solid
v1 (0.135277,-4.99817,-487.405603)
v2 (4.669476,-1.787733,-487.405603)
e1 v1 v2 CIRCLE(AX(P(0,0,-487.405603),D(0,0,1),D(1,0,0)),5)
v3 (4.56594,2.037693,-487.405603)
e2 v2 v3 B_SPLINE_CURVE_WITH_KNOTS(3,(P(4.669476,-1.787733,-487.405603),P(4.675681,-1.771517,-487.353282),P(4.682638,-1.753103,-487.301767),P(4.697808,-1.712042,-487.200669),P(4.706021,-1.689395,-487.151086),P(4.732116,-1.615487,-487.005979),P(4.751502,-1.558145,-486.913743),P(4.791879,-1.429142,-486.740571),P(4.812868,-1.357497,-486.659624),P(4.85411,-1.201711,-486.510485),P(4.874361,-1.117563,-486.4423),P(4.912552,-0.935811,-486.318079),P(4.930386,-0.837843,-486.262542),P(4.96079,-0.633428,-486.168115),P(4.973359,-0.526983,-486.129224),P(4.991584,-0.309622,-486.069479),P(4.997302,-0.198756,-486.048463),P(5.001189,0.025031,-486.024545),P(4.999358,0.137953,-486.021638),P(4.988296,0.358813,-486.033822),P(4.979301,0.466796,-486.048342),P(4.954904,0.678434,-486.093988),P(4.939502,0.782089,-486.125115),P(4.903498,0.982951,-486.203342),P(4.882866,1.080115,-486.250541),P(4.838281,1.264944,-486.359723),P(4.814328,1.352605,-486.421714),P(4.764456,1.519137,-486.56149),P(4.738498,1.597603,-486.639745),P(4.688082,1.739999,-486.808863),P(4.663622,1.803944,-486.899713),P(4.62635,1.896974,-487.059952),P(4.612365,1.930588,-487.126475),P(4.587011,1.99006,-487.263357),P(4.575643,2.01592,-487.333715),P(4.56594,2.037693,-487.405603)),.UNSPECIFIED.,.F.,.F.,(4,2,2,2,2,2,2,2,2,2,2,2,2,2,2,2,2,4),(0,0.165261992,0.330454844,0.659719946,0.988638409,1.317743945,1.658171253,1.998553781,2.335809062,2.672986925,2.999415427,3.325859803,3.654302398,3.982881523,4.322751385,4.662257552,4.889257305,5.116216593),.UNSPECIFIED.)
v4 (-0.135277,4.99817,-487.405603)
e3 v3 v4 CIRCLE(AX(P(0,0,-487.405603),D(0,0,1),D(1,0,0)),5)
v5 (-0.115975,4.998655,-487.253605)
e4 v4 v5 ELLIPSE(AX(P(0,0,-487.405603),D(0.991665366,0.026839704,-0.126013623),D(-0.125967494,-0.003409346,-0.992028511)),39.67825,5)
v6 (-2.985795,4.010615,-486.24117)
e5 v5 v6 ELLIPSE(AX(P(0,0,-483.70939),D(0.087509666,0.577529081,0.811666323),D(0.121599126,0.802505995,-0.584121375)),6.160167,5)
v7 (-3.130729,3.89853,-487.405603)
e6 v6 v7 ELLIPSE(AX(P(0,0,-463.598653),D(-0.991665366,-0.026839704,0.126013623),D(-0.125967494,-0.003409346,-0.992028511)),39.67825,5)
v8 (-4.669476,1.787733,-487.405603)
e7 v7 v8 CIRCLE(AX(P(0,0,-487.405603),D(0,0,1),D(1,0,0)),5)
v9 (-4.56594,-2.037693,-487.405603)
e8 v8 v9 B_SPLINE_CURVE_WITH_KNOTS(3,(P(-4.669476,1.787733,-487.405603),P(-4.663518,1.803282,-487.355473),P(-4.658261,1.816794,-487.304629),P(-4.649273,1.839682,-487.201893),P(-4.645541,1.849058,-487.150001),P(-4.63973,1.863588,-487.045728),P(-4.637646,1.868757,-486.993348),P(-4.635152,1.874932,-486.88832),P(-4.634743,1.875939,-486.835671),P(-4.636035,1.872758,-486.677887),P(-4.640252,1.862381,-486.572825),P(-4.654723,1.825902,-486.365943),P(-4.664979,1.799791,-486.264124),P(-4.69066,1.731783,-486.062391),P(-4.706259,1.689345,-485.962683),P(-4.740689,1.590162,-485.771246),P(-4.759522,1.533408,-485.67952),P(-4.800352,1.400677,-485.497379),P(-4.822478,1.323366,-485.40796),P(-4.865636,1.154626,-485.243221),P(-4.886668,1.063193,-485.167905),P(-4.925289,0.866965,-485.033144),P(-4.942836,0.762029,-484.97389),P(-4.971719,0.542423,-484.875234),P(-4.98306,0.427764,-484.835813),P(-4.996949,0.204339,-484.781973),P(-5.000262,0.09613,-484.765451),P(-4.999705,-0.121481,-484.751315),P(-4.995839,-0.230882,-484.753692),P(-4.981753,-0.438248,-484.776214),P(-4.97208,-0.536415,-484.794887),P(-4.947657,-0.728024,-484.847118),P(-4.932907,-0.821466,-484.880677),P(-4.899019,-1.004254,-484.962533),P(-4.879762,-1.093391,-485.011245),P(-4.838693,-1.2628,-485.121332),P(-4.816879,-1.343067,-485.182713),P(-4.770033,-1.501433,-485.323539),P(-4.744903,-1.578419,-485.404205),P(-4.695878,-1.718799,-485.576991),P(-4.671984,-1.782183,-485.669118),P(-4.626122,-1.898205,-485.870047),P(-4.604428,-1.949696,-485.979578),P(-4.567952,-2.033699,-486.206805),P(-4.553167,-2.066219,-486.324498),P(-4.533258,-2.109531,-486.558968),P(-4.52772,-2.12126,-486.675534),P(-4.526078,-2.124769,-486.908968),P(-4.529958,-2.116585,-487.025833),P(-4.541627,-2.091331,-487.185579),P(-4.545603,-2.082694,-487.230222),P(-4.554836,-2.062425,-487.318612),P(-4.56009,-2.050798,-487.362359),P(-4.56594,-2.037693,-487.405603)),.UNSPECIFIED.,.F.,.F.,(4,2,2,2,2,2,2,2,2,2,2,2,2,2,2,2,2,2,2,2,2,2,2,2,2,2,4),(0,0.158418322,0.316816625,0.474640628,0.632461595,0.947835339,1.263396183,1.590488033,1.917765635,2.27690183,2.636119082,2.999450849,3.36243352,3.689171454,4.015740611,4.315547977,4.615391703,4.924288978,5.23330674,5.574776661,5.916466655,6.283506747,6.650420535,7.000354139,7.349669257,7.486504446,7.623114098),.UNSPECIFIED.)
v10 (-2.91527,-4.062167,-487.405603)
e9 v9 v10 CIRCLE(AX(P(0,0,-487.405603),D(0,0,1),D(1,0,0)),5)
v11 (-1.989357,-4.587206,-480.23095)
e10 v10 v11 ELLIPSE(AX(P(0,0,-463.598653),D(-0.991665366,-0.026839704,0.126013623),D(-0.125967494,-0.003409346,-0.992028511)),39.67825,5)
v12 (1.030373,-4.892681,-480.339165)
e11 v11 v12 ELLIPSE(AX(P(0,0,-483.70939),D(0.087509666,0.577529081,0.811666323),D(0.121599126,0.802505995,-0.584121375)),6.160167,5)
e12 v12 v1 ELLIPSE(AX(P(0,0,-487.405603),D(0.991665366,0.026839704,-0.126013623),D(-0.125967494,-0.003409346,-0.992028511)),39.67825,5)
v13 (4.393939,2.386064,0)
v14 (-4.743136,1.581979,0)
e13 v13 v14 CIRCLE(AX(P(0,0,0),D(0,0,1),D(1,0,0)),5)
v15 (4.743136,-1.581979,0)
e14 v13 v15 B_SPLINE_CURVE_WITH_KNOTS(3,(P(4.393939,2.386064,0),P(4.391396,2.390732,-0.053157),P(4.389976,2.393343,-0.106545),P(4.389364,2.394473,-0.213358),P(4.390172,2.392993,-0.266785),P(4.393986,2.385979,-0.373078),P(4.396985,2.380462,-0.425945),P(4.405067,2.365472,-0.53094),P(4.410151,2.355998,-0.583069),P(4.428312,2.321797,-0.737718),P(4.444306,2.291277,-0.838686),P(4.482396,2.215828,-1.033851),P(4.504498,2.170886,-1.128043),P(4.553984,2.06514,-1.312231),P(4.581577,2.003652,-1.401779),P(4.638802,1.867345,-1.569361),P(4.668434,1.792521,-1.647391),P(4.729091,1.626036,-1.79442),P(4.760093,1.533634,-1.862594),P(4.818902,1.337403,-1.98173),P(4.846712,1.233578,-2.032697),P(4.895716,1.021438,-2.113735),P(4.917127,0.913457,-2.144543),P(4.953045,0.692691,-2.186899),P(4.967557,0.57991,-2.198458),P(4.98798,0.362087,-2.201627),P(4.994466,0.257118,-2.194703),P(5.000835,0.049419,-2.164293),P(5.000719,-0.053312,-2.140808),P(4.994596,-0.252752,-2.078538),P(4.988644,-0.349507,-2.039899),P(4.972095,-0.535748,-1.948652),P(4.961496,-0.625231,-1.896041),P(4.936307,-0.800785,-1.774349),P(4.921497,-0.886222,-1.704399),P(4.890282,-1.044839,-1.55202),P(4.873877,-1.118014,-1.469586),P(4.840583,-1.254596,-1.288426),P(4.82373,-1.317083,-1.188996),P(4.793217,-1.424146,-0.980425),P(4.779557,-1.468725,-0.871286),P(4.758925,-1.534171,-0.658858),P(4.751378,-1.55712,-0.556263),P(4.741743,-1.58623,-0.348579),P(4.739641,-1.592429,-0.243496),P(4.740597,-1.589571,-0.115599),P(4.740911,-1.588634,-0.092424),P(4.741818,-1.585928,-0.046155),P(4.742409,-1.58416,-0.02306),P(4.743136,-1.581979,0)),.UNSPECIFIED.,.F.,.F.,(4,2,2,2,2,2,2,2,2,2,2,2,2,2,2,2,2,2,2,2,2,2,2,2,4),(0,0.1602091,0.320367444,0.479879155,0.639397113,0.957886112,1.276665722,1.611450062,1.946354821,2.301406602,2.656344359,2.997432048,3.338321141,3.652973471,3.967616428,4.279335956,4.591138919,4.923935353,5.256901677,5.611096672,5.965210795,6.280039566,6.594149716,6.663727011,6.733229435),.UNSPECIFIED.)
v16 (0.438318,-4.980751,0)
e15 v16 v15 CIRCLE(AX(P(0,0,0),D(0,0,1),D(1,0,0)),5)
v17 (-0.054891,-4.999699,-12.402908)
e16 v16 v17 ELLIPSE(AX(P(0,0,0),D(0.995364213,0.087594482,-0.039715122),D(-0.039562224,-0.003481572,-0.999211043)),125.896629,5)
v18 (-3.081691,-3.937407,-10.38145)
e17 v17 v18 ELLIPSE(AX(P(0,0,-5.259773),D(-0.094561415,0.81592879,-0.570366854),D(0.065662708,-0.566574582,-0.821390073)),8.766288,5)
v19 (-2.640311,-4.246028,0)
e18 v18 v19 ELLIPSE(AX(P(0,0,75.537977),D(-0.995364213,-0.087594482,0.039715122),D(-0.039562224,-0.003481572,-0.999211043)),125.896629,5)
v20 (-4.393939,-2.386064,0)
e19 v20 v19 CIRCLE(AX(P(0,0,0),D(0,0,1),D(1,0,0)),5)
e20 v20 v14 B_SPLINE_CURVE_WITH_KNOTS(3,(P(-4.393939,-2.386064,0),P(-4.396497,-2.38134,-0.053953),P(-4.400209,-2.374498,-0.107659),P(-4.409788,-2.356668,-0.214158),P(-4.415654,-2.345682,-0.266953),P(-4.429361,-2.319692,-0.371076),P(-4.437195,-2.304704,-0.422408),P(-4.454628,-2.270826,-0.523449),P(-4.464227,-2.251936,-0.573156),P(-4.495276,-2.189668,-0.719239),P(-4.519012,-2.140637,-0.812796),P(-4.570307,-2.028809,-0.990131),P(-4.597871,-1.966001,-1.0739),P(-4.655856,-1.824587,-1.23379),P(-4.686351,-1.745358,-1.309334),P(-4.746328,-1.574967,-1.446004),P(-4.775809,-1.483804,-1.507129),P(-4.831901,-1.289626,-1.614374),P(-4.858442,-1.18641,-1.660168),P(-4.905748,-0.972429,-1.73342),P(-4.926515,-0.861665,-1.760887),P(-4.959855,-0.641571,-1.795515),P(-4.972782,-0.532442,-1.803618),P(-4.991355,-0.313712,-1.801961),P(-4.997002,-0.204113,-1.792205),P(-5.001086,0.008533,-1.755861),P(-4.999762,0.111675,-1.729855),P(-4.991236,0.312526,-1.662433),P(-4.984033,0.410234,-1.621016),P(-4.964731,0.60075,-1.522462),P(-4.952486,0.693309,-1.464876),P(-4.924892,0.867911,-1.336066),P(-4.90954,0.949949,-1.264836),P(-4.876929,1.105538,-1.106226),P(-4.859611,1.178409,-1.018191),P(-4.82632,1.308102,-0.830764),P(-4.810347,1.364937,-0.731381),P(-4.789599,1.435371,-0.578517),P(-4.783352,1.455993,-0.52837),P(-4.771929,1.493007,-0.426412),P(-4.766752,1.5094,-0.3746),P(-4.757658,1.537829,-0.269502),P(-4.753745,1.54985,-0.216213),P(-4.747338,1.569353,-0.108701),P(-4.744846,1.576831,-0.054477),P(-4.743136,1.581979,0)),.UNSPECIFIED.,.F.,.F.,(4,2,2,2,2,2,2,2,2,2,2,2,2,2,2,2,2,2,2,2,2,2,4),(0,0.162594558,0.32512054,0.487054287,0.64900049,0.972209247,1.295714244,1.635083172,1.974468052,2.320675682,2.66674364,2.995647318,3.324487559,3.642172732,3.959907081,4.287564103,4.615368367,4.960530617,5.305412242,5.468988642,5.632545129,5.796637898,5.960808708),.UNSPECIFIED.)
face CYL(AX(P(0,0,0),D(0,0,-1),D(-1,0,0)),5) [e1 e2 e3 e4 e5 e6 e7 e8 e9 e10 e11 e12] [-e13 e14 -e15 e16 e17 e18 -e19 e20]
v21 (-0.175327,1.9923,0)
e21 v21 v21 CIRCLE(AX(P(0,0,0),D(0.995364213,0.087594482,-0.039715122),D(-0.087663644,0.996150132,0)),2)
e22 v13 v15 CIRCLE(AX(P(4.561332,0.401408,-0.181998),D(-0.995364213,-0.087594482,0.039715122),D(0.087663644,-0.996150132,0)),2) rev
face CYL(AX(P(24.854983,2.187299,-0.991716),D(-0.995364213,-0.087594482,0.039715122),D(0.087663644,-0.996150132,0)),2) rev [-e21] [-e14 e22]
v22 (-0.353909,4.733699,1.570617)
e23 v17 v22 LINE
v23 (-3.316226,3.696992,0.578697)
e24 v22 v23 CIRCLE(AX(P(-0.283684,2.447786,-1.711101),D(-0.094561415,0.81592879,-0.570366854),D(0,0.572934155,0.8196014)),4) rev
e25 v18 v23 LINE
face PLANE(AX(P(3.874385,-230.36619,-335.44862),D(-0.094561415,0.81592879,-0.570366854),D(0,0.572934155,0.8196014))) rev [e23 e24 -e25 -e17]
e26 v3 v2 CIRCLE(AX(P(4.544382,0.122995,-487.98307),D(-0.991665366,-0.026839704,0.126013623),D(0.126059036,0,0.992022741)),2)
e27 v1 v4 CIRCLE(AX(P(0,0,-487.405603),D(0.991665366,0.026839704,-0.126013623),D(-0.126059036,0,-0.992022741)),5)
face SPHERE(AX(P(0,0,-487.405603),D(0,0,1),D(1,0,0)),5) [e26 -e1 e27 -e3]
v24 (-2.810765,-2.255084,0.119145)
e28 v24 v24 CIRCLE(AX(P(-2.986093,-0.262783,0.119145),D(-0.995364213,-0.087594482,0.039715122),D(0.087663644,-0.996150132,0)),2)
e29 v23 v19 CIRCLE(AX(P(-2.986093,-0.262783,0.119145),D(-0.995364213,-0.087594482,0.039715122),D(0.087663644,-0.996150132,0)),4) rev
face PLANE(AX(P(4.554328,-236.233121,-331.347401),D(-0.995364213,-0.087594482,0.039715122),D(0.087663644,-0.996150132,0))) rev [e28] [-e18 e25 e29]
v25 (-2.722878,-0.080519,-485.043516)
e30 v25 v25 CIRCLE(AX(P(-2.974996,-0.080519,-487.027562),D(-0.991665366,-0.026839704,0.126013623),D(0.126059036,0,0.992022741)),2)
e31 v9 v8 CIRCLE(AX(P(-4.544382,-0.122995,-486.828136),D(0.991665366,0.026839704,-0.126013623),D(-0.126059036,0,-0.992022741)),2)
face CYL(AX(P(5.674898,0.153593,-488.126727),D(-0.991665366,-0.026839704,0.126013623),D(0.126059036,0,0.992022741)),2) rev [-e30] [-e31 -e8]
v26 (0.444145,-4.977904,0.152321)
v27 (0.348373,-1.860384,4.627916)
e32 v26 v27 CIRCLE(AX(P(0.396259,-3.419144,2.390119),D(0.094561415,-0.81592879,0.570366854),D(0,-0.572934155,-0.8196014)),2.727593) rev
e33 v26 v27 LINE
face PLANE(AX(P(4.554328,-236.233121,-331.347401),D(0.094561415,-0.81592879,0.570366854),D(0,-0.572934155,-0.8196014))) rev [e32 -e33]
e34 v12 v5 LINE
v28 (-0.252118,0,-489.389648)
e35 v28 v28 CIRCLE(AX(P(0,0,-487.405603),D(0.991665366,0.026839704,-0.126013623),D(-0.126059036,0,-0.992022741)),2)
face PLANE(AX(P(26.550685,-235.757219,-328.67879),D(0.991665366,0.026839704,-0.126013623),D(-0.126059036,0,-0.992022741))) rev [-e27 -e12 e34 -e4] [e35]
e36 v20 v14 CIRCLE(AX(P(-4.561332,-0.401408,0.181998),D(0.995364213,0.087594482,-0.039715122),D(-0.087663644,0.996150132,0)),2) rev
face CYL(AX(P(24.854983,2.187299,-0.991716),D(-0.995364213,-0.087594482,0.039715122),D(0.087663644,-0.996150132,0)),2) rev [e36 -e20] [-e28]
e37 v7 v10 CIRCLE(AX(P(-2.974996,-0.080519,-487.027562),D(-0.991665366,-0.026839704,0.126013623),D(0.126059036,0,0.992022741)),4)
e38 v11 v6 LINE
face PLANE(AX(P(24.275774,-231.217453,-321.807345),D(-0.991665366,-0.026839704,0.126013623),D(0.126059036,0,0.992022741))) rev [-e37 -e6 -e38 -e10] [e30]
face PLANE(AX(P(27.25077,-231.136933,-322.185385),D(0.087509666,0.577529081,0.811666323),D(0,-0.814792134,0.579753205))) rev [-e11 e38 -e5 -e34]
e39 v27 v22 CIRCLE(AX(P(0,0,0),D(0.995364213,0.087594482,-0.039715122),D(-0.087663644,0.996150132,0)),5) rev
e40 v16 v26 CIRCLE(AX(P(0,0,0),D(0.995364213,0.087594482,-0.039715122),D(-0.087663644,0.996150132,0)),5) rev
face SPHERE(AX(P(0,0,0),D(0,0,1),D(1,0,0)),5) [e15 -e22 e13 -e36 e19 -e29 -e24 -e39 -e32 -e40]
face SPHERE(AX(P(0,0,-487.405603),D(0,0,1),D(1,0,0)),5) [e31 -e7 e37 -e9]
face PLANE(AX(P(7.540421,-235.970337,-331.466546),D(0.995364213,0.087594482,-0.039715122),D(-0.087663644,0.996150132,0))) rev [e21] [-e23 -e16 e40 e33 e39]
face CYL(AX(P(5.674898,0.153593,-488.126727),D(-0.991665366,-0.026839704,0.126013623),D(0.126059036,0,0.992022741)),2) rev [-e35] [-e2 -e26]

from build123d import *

# Parameters (mm, degrees)
SKETCH1_R               = 5
DOME1_FACE_RADIUS       = 5
DOME1_HEIGHT            = 5
DOME2_FACE_RADIUS       = 5
DOME2_HEIGHT            = 5
CUT_EXTRUDE2_DEPTH      = 5.404285297
CUT_EXTRUDE2_DEPTH_BACK = 289.404285297
SKETCH6_R               = 2
CUT_EXTRUDE3_DEPTH      = 68.142339226
CUT_EXTRUDE3_DEPTH_BACK = 6.72259346
CUT_EXTRUDE5_DEPTH      = 5.047319689
CUT_EXTRUDE5_DEPTH_BACK = 410.929194171
SKETCH8_R               = 2
CUT_EXTRUDE6_DEPTH      = 6.613212564
CUT_EXTRUDE6_DEPTH_BACK = 25.970742243


with BuildPart() as part:
    # Sweep1: sweep along a path in Sketch3
    with BuildLine(Plane(origin=(0, 0, 0), x_dir=(0, 0, -1), z_dir=(1, 0, 0))) as sweep1_path:
        Line((0, 0), (487.405602585, 0))
    # Sketch1 → Sweep1 (sweep)
    with BuildSketch(Plane.XY):
        Circle(SKETCH1_R)
    sweep(path=sweep1_path.line)

    # Dome1: a dome of height H over a round flat face of radius A is a cap of a sphere of radius (A * A + H * H) / (2 * H)
    dome1_r = (DOME1_FACE_RADIUS * DOME1_FACE_RADIUS + DOME1_HEIGHT * DOME1_HEIGHT) / (2 * DOME1_HEIGHT)
    dome1_base = Plane((0, 0, 0), z_dir=(0, 0, 1))
    with Locations(dome1_base.offset(DOME1_HEIGHT - dome1_r)):
        dome1_ball = Sphere(dome1_r, mode=Mode.PRIVATE)
    add(split(dome1_ball, bisect_by=dome1_base, keep=Keep.TOP, mode=Mode.PRIVATE))

    # Dome2: a dome of height H over a round flat face of radius A is a cap of a sphere of radius (A * A + H * H) / (2 * H)
    dome2_r = (DOME2_FACE_RADIUS * DOME2_FACE_RADIUS + DOME2_HEIGHT * DOME2_HEIGHT) / (2 * DOME2_HEIGHT)
    dome2_base = Plane((0, 0, -487.405602585), z_dir=(0, 0, -1))
    with Locations(dome2_base.offset(DOME2_HEIGHT - dome2_r)):
        dome2_ball = Sphere(dome2_r, mode=Mode.PRIVATE)
    add(split(dome2_ball, bisect_by=dome2_base, keep=Keep.TOP, mode=Mode.PRIVATE))

    # Sketch5 → Cut-Extrude2 (cut, two sides)
    with BuildSketch(Plane(origin=(-26.571757691, 229.275990101, -160.273085877), x_dir=(0.995516802, 0.078714536, -0.052443479), z_dir=(-0.094561415, 0.81592879, -0.570366854))) as cut_extrude2_sk:
        Polygon((22.843463066, 396.275337774), (22.1233695, 404.242954928), (25.111191904, 404.512986939), (25.831285469, 396.545369785), align=None)
    extrude(amount=CUT_EXTRUDE2_DEPTH, mode=Mode.SUBTRACT)
    extrude(cut_extrude2_sk.sketch, amount=-CUT_EXTRUDE2_DEPTH_BACK, mode=Mode.SUBTRACT)

    # Sketch6 → Cut-Extrude3 (cut, two sides)
    with BuildSketch(Plane(origin=(60.907834636, 1.64848777, -7.739724677), x_dir=(0.126296417, -0.009108801, 0.991950727), z_dir=(-0.991665366, -0.026839704, 0.126013623))) as cut_extrude3_sk:
        with Locations((-483.482341842, -6.054864831)):
            Circle(SKETCH6_R)
    extrude(amount=CUT_EXTRUDE3_DEPTH, mode=Mode.SUBTRACT)
    extrude(cut_extrude3_sk.sketch, amount=-CUT_EXTRUDE3_DEPTH_BACK, mode=Mode.SUBTRACT)

    # Sketch7 → Cut-Extrude5 (cut, two sides)
    with BuildSketch(Plane(origin=(-0.052668832, 1.714434817, 2.461288129), x_dir=(0.999845409, 0.010828351, 0.013852985), z_dir=(-0.017556277, 0.571478272, 0.820429376))) as cut_extrude5_sk:
        Polygon((-2.594541679, -4.452930477), (0.392284328, -4.172091725), (-0.280838752, 2.986826007), (-3.267664759, 2.705987255), align=None)
    extrude(amount=CUT_EXTRUDE5_DEPTH, mode=Mode.SUBTRACT)
    extrude(cut_extrude5_sk.sketch, amount=-CUT_EXTRUDE5_DEPTH_BACK, mode=Mode.SUBTRACT)

    # Sketch8 → Cut-Extrude6 (cut, two sides)
    with BuildSketch(Plane(origin=(0, 0, 0), x_dir=(0.039771244, 0.001105127, 0.9992082), z_dir=(-0.995364213, -0.087594482, 0.039715122))) as cut_extrude6_sk:
        Circle(SKETCH8_R)
    extrude(amount=CUT_EXTRUDE6_DEPTH, mode=Mode.SUBTRACT)
    extrude(cut_extrude6_sk.sketch, amount=-CUT_EXTRUDE6_DEPTH_BACK, mode=Mode.SUBTRACT)


solid = part.part
